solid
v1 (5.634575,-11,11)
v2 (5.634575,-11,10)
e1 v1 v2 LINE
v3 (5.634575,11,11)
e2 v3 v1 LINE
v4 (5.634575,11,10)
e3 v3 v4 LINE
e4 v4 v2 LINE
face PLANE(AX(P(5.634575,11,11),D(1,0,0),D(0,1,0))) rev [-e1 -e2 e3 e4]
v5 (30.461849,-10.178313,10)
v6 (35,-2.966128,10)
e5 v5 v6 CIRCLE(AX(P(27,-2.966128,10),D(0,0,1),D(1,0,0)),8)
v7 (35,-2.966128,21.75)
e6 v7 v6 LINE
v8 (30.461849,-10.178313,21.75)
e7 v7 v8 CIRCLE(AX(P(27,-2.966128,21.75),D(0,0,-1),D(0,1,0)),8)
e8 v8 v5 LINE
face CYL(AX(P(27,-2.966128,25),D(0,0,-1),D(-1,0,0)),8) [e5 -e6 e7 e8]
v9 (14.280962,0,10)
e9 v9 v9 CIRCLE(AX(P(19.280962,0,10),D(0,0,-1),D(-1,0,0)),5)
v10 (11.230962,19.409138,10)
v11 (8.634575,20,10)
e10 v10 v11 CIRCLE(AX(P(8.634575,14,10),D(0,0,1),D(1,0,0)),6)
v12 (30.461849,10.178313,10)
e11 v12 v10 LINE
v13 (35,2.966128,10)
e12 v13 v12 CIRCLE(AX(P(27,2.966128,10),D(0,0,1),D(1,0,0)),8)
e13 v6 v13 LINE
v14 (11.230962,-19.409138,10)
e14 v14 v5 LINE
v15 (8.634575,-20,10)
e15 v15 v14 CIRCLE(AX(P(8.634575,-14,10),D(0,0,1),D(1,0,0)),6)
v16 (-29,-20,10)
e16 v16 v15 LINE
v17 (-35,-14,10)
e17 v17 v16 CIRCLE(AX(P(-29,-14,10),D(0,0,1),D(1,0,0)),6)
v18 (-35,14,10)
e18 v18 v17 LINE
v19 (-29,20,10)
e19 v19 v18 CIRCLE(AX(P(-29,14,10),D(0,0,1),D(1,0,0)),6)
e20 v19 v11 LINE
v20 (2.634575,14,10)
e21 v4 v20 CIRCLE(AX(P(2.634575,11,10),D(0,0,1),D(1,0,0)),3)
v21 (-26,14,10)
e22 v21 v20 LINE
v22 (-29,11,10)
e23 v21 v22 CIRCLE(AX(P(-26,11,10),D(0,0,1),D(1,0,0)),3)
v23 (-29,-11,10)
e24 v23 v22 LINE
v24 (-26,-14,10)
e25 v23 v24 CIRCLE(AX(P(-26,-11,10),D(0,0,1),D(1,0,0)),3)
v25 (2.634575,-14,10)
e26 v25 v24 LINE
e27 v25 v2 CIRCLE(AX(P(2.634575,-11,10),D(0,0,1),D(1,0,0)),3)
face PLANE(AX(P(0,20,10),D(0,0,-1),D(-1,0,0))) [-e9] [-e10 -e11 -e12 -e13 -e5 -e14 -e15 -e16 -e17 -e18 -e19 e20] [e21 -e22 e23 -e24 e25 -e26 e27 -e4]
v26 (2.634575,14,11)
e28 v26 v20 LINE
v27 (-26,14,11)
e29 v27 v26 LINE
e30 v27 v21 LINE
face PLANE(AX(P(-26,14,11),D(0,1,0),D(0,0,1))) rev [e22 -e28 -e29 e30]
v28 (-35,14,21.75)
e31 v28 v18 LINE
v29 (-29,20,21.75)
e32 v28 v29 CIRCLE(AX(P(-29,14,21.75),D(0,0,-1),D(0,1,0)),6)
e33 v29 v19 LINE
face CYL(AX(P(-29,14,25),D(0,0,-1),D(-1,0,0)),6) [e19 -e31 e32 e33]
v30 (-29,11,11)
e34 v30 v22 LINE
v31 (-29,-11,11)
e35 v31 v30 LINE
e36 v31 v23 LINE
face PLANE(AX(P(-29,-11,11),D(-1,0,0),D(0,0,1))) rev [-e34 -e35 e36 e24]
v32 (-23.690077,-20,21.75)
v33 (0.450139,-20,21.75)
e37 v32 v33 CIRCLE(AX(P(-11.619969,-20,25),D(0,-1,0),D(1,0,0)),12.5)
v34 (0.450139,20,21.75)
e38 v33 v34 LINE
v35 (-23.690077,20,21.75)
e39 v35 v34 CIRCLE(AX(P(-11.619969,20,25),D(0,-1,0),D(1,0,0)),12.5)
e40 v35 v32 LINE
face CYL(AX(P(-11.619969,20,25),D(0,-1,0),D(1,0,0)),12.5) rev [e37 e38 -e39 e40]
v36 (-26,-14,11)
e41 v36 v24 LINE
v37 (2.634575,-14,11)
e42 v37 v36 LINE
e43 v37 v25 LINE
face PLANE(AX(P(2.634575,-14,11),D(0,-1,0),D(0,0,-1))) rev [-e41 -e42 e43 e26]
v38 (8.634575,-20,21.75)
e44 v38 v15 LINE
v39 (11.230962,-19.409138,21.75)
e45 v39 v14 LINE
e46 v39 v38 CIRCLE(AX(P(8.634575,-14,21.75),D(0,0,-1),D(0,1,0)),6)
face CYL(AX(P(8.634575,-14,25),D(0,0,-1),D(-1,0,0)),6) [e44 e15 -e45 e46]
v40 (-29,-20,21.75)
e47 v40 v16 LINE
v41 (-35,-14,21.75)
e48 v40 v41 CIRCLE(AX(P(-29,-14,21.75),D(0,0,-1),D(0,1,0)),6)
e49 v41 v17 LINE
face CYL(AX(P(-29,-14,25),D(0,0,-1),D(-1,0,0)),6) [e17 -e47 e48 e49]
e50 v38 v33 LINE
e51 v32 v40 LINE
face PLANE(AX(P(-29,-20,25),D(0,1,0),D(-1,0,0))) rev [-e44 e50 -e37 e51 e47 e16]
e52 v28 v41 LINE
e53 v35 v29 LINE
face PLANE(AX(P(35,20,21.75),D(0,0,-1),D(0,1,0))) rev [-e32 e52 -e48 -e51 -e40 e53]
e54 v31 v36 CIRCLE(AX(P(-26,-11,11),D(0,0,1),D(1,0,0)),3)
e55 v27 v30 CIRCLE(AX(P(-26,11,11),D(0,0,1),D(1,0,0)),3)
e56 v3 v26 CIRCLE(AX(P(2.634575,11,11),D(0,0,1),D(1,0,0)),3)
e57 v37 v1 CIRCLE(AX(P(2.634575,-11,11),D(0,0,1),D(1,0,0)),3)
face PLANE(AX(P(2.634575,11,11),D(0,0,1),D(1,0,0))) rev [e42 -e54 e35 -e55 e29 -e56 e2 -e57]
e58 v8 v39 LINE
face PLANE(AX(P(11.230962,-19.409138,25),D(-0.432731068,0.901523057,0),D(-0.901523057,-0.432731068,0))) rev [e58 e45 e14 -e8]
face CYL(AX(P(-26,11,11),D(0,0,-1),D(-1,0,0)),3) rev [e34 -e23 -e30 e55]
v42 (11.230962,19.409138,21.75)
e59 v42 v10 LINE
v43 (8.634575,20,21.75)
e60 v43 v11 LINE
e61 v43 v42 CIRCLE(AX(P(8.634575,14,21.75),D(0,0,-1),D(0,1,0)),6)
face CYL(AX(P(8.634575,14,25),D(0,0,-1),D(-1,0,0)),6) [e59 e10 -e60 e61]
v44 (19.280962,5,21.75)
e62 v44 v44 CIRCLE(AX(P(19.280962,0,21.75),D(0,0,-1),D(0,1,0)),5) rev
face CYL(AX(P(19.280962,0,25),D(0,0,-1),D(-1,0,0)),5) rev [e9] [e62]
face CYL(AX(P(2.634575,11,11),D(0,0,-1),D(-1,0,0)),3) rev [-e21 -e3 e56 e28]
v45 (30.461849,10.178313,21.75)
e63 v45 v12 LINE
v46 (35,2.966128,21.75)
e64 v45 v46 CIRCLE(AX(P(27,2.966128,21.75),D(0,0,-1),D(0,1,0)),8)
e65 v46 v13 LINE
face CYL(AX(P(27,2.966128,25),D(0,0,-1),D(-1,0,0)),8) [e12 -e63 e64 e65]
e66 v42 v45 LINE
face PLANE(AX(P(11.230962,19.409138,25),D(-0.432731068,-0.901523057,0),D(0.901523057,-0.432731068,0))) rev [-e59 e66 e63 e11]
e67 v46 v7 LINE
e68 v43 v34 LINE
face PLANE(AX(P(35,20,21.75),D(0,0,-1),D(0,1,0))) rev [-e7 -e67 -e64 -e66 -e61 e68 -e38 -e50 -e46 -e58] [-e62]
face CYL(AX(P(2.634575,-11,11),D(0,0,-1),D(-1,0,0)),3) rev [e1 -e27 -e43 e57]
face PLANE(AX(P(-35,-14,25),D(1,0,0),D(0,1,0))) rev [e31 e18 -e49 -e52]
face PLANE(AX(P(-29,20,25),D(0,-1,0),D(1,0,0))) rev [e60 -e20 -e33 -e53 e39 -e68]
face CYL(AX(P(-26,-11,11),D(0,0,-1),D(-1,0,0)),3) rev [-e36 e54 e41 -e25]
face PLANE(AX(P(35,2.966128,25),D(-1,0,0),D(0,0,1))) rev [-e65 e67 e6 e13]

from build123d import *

# Parameters (mm, degrees)
BOSS_EXTRUDE1_DEPTH = 25
CUT_EXTRUDE2_DEPTH  = 59.736700622
SKETCH4_W           = 10
SKETCH4_H           = 40
CUT_EXTRUDE3_DEPTH  = 57.5
CUT_EXTRUDE4_DEPTH  = 1
SKETCH6_R           = 5
CUT_EXTRUDE5_DEPTH  = 44.011626335
SKETCH9_W           = 3.25
SKETCH9_H           = 40
CUT_EXTRUDE6_DEPTH  = 77.974021592


with BuildPart() as part:
    # Sketch1 → Boss-Extrude1 (new body)
    with BuildSketch(Plane.XY):
        with BuildLine():
            Line((-35, -14), (-35, 14))
            ThreePointArc((-35, 14), (-33.242640687, 18.242640687), (-29, 20))
            Line((-29, 20), (8.634575376, 20))
            ThreePointArc((8.634575376, 20), (9.965959981, 19.850420073), (11.230961782, 19.409138345))
            Line((11.230961782, 19.409138345), (30.461848541, 10.1783127))
            ThreePointArc((30.461848541, 10.1783127), (33.771070385, 7.22671574), (35, 2.966128241))
            Line((35, 2.966128241), (35, -2.966128241))
            ThreePointArc((35, -2.966128241), (33.771070385, -7.22671574), (30.461848541, -10.1783127))
            Line((30.461848541, -10.1783127), (11.230961782, -19.409138345))
            ThreePointArc((11.230961782, -19.409138345), (9.965959981, -19.850420073), (8.634575376, -20))
            Line((8.634575376, -20), (-29, -20))
            ThreePointArc((-29, -20), (-33.242640687, -18.242640687), (-35, -14))
        make_face()
    extrude(amount=BOSS_EXTRUDE1_DEPTH)

    # Sketch3 → Cut-Extrude2 (cut, through all)
    with BuildSketch(Plane(origin=(0, -20, 0), x_dir=(-1, 0, 0), z_dir=(0, -1, 0))):
        with BuildLine():
            Line((-0.88003088, -25), (24.11996912, -25))
            ThreePointArc((24.11996912, -25), (11.61996912, -12.5), (-0.88003088, -25))
        make_face()
        Polygon((11.619969205, -10), (29, -10), (29, 0), (-8.634575376, 0), (-8.634575376, -10), align=None)
    extrude(amount=-CUT_EXTRUDE2_DEPTH, mode=Mode.SUBTRACT)

    # Sketch4 → Cut-Extrude3 (cut, symmetric)
    with BuildSketch(Plane.ZY.offset(-8.634575376)):
        with Locations((5, 0)):
            Rectangle(SKETCH4_W, SKETCH4_H)
    extrude(amount=CUT_EXTRUDE3_DEPTH, both=True, mode=Mode.SUBTRACT)

    # Sketch5 → Cut-Extrude4 (cut)
    with BuildSketch(Plane(origin=(0, 0, 10), x_dir=(-1, 0, 0), z_dir=(0, 0, -1))):
        with BuildLine():
            Line((-2.634575376, -14), (26, -14))
            ThreePointArc((26, -14), (28.121320344, -13.121320344), (29, -11))
            Line((29, -11), (29, 11))
            ThreePointArc((29, 11), (28.121320344, 13.121320344), (26, 14))
            Line((26, 14), (-2.634575376, 14))
            ThreePointArc((-2.634575376, 14), (-4.75589572, 13.121320344), (-5.634575376, 11))
            Line((-5.634575376, 11), (-5.634575376, -11))
            ThreePointArc((-5.634575376, -11), (-4.75589572, -13.121320344), (-2.634575376, -14))
        make_face()
    extrude(amount=-CUT_EXTRUDE4_DEPTH, mode=Mode.SUBTRACT)

    # Sketch6 → Cut-Extrude5 (cut, through all)
    with BuildSketch(Plane(origin=(0, 0, 10), x_dir=(-1, 0, 0), z_dir=(0, 0, -1))):
        with Locations((-19.280961782, 0)):
            Circle(SKETCH6_R)
    extrude(amount=-CUT_EXTRUDE5_DEPTH, mode=Mode.SUBTRACT)

    # Sketch9 → Cut-Extrude6 (cut, through all)
    with BuildSketch(Plane.ZY.offset(35)):
        with Locations((23.375, 0)):
            Rectangle(SKETCH9_W, SKETCH9_H)
    extrude(amount=-CUT_EXTRUDE6_DEPTH, mode=Mode.SUBTRACT)


solid = part.part
